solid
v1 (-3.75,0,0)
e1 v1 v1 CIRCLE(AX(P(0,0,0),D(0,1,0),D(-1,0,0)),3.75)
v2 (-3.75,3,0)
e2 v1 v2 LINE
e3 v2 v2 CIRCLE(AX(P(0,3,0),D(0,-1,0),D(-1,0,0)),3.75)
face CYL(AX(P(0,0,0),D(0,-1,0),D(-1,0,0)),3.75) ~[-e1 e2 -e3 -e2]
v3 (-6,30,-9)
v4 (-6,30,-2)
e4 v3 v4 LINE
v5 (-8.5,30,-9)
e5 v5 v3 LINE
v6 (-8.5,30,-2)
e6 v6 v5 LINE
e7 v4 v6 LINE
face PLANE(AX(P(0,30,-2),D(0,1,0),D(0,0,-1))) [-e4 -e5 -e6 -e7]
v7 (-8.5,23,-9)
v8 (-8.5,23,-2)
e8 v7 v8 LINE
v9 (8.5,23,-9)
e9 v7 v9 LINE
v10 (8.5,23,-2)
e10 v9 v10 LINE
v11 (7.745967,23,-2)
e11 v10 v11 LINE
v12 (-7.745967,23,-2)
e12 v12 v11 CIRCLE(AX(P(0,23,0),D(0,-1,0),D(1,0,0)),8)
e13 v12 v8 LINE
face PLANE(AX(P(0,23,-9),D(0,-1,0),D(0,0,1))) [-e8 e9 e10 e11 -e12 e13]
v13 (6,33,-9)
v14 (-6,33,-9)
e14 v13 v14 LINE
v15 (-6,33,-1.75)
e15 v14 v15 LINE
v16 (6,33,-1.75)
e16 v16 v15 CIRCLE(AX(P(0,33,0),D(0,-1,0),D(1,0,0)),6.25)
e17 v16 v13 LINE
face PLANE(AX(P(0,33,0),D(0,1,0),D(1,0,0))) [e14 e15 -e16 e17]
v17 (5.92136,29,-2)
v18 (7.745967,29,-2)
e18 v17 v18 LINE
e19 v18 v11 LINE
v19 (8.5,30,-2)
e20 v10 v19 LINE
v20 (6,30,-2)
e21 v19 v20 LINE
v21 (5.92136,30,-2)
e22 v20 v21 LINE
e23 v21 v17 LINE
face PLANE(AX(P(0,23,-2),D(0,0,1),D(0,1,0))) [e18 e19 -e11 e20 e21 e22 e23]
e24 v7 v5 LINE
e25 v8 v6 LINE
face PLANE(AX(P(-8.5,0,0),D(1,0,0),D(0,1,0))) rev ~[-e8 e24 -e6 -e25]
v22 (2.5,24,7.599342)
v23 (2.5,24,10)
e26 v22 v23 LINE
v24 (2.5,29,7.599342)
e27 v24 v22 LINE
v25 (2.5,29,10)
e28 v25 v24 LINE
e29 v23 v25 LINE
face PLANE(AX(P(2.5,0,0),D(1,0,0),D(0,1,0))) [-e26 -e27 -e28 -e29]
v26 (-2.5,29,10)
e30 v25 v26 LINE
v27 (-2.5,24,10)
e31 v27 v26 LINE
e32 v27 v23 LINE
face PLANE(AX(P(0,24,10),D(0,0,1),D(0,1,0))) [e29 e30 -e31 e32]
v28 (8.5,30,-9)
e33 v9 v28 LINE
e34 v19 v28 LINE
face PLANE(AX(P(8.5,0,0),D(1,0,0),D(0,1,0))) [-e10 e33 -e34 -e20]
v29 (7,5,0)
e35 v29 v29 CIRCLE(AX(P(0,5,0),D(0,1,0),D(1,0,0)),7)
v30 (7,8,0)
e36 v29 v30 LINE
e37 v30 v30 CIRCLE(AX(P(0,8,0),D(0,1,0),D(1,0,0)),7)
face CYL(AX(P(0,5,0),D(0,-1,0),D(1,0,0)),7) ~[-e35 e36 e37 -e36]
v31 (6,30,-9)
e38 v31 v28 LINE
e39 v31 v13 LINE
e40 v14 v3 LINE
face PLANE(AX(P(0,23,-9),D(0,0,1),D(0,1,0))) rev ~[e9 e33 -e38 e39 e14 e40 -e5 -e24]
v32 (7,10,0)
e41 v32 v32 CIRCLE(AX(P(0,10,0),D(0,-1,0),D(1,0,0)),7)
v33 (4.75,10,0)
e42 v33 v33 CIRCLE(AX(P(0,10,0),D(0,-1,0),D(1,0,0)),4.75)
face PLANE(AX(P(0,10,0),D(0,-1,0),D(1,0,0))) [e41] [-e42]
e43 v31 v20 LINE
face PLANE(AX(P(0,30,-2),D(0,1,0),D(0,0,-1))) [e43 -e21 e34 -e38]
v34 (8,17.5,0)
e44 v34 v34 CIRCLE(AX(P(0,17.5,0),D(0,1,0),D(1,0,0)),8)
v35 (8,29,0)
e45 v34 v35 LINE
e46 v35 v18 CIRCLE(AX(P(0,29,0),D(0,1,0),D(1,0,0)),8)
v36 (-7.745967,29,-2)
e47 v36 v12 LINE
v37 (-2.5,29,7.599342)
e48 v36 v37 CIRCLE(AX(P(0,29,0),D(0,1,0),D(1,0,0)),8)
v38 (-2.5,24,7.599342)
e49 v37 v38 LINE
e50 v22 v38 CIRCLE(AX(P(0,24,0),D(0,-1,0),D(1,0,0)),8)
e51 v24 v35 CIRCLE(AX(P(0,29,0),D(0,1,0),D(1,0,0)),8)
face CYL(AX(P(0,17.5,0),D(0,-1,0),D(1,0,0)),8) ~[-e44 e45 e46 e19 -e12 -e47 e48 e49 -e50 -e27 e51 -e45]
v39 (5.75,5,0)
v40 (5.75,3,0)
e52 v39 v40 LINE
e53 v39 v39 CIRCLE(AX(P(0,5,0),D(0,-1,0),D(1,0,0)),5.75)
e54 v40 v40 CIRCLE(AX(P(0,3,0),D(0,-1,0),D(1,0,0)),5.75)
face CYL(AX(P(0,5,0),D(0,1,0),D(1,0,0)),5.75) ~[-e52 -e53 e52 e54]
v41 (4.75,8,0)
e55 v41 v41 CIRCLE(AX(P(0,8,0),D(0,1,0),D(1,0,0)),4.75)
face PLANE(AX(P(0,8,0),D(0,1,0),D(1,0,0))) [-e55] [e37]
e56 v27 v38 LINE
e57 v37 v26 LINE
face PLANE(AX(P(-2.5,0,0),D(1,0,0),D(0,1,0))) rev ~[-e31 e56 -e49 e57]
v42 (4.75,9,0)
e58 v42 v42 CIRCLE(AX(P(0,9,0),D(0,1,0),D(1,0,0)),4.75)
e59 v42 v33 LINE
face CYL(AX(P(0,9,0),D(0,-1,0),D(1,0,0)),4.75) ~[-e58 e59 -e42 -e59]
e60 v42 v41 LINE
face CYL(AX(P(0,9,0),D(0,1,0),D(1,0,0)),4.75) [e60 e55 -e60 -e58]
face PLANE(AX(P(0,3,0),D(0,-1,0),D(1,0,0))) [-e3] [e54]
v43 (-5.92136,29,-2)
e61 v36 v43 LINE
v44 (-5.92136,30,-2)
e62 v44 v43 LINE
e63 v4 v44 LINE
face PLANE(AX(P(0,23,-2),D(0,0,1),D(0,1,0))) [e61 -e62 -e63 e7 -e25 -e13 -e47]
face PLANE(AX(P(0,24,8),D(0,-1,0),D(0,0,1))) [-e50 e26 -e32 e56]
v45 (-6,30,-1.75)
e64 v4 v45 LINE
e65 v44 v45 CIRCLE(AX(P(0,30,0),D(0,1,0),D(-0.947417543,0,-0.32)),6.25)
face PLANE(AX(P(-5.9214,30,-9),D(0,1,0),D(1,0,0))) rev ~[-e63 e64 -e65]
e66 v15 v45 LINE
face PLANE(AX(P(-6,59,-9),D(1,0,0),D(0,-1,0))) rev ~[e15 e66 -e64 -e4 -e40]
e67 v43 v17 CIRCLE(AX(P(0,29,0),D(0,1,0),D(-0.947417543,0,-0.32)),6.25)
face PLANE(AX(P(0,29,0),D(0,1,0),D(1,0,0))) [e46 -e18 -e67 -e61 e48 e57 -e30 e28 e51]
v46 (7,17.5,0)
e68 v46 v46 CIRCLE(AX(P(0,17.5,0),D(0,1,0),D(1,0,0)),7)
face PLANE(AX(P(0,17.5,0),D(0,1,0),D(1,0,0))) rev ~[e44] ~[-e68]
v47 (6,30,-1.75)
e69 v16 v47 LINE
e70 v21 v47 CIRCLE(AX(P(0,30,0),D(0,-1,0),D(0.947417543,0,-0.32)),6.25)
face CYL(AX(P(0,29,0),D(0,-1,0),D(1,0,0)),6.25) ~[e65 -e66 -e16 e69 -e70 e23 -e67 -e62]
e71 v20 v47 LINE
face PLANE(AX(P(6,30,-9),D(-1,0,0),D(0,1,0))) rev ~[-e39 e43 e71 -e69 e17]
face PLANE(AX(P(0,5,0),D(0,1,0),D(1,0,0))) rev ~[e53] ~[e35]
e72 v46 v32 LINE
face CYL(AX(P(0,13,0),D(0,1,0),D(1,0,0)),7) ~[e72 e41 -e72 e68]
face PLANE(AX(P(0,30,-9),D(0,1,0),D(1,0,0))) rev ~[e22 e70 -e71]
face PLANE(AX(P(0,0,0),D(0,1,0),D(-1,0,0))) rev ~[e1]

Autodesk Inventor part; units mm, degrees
ref_plane "YZ Plane" through (0, 0, 0) normal (1, 0, 0) x (0, 1, 0)
ref_plane "XZ Plane" through (0, 0, 0) normal (0, 1, 0) x (-1, 0, 0)
ref_plane "XY Plane" through (0, 0, 0) normal (0, 0, 1) x (1, 0, 0)
sketch "Sketch1" plane through (0, 0, 0) normal (0, 1, 0) x (-1, 0, 0)
  circle A0 centre (0, 0) radius 3.75
  dimension "d0" = 7.5
extrude "Extrusion1" add sketch "Sketch1" along normal blind 5
sketch "Sketch2" plane through (0, 5, 0) normal (0, 1, 0) x (1, 0, 0)
  circle A0 centre (0, 0) radius 7
  dimension "d3" = 14
extrude "Extrusion2" add sketch "Sketch2" along normal blind 4
sketch "Sketch3" plane through (0, 9, 0) normal (0, 1, 0) x (1, 0, 0)
  circle A0 centre (0, 0) radius 4.75
  dimension "d6" = 9.5
extrude "Extrusion3" add sketch "Sketch3" along normal blind 4
sketch "Sketch4" plane through (0, 0, 0) normal (1, 0, 0) x (0, 1, 0)
  line L0 (5, -7) -> (5, 7) projected
  line L1 (9, -7) -> (9, 7) projected
  line L2 (13, -4.75) -> (13, 4.75) projected
  line L3 (0, -3.75) -> (0, 3.75) projected
  point P0 (0, 0)
  dimension "d9" = 4
  dimension "d10" = 4
  dimension "d11" = 5
sketch "Sketch5" plane through (0, 13, 0) normal (0, 1, 0) x (1, 0, 0)
  circle A0 centre (0, 0) radius 7
  dimension "d12" = 14
extrude "Extrusion4" add sketch "Sketch5" along normal blind 4.5
sketch "Sketch6" plane through (0, 17.5, 0) normal (0, 1, 0) x (1, 0, 0)
  circle A0 centre (0, 0) radius 8
  dimension "d15" = 16
extrude "Extrusion5" add sketch "Sketch6" along normal blind 11.5
sketch "Sketch7" plane through (0, 29, 0) normal (0, 1, 0) x (1, 0, 0)
  circle A0 centre (0, 0) radius 6.25
  dimension "d18" = 12.5
extrude "Extrusion6" add sketch "Sketch7" along normal blind 25
sketch "Sketch8" plane through (0, 0, 0) normal (1, 0, 0) x (0, 1, 0)
  line L0 (54, -6.25) -> (54, 6.25) projected
  line L1 (0, -3.75) -> (0, 3.75) projected
  line L2 (29, -8) -> (29, 8) projected
  line L3 (17.5, -8) -> (17.5, 8) projected
  point P0 (0, 0)
  point P1 (0, 0)
  dimension "d21" = 54
  dimension "d22" = 29
  dimension "d23" = 17.5
sketch "Sketch9" plane through (0, 54, 0) normal (0, 1, 0) x (1, 0, 0)
  circle A0 centre (0, 0) radius 7
  dimension "d24" = 14
extrude "Extrusion7" add sketch "Sketch9" along normal blind 10
sketch "Sketch10" plane through (0, 0, 0) normal (1, 0, 0) x (0, 1, 0)
  line L0 (64, -7) -> (64, 7) projected
  line L1 (0, -3.75) -> (0, 3.75) projected
  point P0 (0, 0)
  dimension "d27" = 64
sketch "Sketch11" plane through (0, 64, 0) normal (0, 1, 0) x (1, 0, 0)
  circle A0 centre (0, 0) radius 7
  dimension "d28" = 14
extrude "Extrusion8" add sketch "Sketch11" along normal blind 9
sketch "Sketch12" plane through (0, 73, 0) normal (0, 1, 0) x (1, 0, 0)
  circle A0 centre (0, 0) radius 4.5
  dimension "d31" = 9
extrude "Extrusion9" add sketch "Sketch12" along normal blind 1
sketch "Sketch13" plane through (0, 0, 0) normal (1, 0, 0) x (0, 1, 0)
  point P0 (0, 0)
sketch "Sketch14" plane through (0, 0, 0) normal (1, 0, 0) x (0, 1, 0)
  line L0 (73, -7) -> (73, 7) projected
  line L1 (0, -3.75) -> (0, 3.75) projected
  line L2 (74, -4.5) -> (74, 4.5) projected
  point P0 (0, 0)
  point P1 (0, 0)
  dimension "d34" = 73
  dimension "d35" = 74
sketch "Sketch15" plane through (0, 74, 0) normal (0, 1, 0) x (1, 0, 0)
  circle A0 centre (0, 0) radius 7
  dimension "d36" = 14
extrude "Extrusion10" add sketch "Sketch15" along normal blind 11.5
sketch "Sketch16" plane through (0, 0, 0) normal (1, 0, 0) x (0, 1, 0)
  line L0 (85.5, -7) -> (85.5, 7) projected
  line L1 (0, -3.75) -> (0, 3.75) projected
  point P0 (0, 0)
  dimension "d39" = 85.5
sketch "Sketch17" plane through (0, 0, 0) normal (1, 0, 0) x (0, 1, 0)
  line L0 (23, -9) -> (30, -9)
  line L1 (0, -3.75) -> (0, 3.75) projected
  line L2 (23, -9) -> (23, -2)
  line L3 (54, 7) -> (73, 7) projected
  line L4 (23, -2) -> (30, -2)
  line L5 (30, -2) -> (30, -9)
  point P0 (0, 0)
  point P1 (0, 0)
  point P2 (26.5, -9)
  dimension "d40" = 7
  dimension "d41" = 23
  dimension "d42" = 7
  dimension "d43" = 9
extrude "Extrusion11" add sketch "Sketch17" along normal mid plane 17
sketch "Sketch18" plane through (0, 0, 0) normal (1, 0, 0) x (0, 1, 0)
  line L0 (24, 10) -> (29, 10)
  line L1 (29, 10) -> (29, 6)
  line L2 (29, 6) -> (24, 6)
  line L3 (17.5, 8) -> (29, 8) projected
  line L4 (24, 6) -> (24, 10)
  line L5 (0, -3.75) -> (0, 3.75) projected
  point P0 (0, 0)
  point P1 (24, 8)
  point P2 (0, 0)
  point P3 (26.5, 10)
  dimension "d46" = 5
  dimension "d47" = 4
  dimension "d48" = 24
  dimension "d49" = 10
extrude "Extrusion12" add sketch "Sketch18" along normal mid plane 5
sketch "Sketch19" plane through (8.5, 0, 0) normal (1, 0, 0) x (0, 0, -1)
  line L0 (3.75, 0) -> (-3.75, 0) projected
  point P0 (0, 0)
  point P1 (9, 23)
  dimension "d52" = 23
sketch "Sketch20" plane through (8.5, 30, -9) normal (0, 0, -1) x (-1, 0, 0)
  line L0 (14.4214, 0) -> (2.5786, 0) projected
  line L1 (8.5, 0) -> (2.5, 0)
  line L2 (2.5, 0) -> (2.5, 29)
  line L3 (1.5, 24) -> (1.5, 43) projected
  line L4 (2.5, 29) -> (14.5, 29)
  line L5 (14.5, 29) -> (14.5, 0)
  line L6 (14.5, 0) -> (2.5, 0)
  point P0 (8.5, -30)
  point P1 (2.5786, 0)
  dimension "d53" = 6
  dimension "d54" = 29
  dimension "d55" = 90
  dimension "d56" = 12
  dimension "d57" = 29
  dimension "d58" = 90
extrude "Extrusion13" add sketch "Sketch20" against normal blind 9
sketch "Sketch21" plane through (8.5, 23, -9) normal (0, 0, -1) x (-1, 0, 0)
  point P0 (8.5, -23)
sketch "Sketch22" plane through (0, 13, 0) normal (0, -1, 0) x (1, 0, 0)
  circle A0 centre (0, 0) radius 7
extrude "Extrusion14" add sketch "Sketch22" along normal blind 3
sketch "Sketch23" plane through (0, 9, 0) normal (0, 1, 0) x (1, 0, 0)
  circle A0 centre (0, 0) radius 3.75 projected
  circle A1 centre (0, 0) radius 7
  circle A2 centre (0, 0) radius 7
  circle A3 centre (0, 0) radius 4.75
  dimension "d63" = 14
  dimension "d64" = 9.5
extrude "Extrusion15" cut sketch "Sketch23" against normal blind 1 contours A1
sketch "Sketch24" plane through (0, 5, 0) normal (0, -1, 0) x (1, 0, 0)
  circle A0 centre (0, 0) radius 5.75
  dimension "d67" = 11.5
extrude "Extrusion16" add sketch "Sketch24" along normal blind 2
sketch "Sketch25" plane through (0, 85.5, 0) normal (0, 1, 0) x (1, 0, 0)
  circle A0 centre (0, 0) radius 7
extrude "Extrusion17" cut sketch "Sketch25" against normal blind 6.5
sketch "Sketch26" plane through (0, 0, 0) normal (1, 0, 0) x (0, 1, 0)
  line L0 (79, 7) -> (79, -7) projected
  line L1 (0, -3.75) -> (0, 3.75) projected
  point P0 (0, 0)
  dimension "d72" = 79
sketch "Sketch27" plane through (0, 79, 0) normal (0, 1, 0) x (1, 0, 0)
  point P0 (0, 0)
sketch "Sketch28" plane through (0, 79, 0) normal (0, 1, 0) x (1, 0, 0)
  circle A0 centre (0, 0) radius 17.2984
extrude "Extrusion18" cut sketch "Sketch28" against normal blind 13
extrude "Extrusion19" cut sketch "Sketch28" against normal blind 46
equation "\"BendRadius\" = Thickness"
equation "\"BendReliefWidth\" = Thickness"
equation "\"BendReliefDepth\" = 0.5 * Thickness"
equation "\"CornerReliefSize\" = 4 * Thickness"
equation "\"MinimumRemnant\" = 2 * Thickness"
equation "\"TransitionRadius\" = BendRadius"
equation "\"JacobiRadiusSize\" = BendRadius"
equation "\"GapSize\" = Thickness"
equation "\"Thickness\" = 3.048"
properties part number "injector carcasa - 3"
